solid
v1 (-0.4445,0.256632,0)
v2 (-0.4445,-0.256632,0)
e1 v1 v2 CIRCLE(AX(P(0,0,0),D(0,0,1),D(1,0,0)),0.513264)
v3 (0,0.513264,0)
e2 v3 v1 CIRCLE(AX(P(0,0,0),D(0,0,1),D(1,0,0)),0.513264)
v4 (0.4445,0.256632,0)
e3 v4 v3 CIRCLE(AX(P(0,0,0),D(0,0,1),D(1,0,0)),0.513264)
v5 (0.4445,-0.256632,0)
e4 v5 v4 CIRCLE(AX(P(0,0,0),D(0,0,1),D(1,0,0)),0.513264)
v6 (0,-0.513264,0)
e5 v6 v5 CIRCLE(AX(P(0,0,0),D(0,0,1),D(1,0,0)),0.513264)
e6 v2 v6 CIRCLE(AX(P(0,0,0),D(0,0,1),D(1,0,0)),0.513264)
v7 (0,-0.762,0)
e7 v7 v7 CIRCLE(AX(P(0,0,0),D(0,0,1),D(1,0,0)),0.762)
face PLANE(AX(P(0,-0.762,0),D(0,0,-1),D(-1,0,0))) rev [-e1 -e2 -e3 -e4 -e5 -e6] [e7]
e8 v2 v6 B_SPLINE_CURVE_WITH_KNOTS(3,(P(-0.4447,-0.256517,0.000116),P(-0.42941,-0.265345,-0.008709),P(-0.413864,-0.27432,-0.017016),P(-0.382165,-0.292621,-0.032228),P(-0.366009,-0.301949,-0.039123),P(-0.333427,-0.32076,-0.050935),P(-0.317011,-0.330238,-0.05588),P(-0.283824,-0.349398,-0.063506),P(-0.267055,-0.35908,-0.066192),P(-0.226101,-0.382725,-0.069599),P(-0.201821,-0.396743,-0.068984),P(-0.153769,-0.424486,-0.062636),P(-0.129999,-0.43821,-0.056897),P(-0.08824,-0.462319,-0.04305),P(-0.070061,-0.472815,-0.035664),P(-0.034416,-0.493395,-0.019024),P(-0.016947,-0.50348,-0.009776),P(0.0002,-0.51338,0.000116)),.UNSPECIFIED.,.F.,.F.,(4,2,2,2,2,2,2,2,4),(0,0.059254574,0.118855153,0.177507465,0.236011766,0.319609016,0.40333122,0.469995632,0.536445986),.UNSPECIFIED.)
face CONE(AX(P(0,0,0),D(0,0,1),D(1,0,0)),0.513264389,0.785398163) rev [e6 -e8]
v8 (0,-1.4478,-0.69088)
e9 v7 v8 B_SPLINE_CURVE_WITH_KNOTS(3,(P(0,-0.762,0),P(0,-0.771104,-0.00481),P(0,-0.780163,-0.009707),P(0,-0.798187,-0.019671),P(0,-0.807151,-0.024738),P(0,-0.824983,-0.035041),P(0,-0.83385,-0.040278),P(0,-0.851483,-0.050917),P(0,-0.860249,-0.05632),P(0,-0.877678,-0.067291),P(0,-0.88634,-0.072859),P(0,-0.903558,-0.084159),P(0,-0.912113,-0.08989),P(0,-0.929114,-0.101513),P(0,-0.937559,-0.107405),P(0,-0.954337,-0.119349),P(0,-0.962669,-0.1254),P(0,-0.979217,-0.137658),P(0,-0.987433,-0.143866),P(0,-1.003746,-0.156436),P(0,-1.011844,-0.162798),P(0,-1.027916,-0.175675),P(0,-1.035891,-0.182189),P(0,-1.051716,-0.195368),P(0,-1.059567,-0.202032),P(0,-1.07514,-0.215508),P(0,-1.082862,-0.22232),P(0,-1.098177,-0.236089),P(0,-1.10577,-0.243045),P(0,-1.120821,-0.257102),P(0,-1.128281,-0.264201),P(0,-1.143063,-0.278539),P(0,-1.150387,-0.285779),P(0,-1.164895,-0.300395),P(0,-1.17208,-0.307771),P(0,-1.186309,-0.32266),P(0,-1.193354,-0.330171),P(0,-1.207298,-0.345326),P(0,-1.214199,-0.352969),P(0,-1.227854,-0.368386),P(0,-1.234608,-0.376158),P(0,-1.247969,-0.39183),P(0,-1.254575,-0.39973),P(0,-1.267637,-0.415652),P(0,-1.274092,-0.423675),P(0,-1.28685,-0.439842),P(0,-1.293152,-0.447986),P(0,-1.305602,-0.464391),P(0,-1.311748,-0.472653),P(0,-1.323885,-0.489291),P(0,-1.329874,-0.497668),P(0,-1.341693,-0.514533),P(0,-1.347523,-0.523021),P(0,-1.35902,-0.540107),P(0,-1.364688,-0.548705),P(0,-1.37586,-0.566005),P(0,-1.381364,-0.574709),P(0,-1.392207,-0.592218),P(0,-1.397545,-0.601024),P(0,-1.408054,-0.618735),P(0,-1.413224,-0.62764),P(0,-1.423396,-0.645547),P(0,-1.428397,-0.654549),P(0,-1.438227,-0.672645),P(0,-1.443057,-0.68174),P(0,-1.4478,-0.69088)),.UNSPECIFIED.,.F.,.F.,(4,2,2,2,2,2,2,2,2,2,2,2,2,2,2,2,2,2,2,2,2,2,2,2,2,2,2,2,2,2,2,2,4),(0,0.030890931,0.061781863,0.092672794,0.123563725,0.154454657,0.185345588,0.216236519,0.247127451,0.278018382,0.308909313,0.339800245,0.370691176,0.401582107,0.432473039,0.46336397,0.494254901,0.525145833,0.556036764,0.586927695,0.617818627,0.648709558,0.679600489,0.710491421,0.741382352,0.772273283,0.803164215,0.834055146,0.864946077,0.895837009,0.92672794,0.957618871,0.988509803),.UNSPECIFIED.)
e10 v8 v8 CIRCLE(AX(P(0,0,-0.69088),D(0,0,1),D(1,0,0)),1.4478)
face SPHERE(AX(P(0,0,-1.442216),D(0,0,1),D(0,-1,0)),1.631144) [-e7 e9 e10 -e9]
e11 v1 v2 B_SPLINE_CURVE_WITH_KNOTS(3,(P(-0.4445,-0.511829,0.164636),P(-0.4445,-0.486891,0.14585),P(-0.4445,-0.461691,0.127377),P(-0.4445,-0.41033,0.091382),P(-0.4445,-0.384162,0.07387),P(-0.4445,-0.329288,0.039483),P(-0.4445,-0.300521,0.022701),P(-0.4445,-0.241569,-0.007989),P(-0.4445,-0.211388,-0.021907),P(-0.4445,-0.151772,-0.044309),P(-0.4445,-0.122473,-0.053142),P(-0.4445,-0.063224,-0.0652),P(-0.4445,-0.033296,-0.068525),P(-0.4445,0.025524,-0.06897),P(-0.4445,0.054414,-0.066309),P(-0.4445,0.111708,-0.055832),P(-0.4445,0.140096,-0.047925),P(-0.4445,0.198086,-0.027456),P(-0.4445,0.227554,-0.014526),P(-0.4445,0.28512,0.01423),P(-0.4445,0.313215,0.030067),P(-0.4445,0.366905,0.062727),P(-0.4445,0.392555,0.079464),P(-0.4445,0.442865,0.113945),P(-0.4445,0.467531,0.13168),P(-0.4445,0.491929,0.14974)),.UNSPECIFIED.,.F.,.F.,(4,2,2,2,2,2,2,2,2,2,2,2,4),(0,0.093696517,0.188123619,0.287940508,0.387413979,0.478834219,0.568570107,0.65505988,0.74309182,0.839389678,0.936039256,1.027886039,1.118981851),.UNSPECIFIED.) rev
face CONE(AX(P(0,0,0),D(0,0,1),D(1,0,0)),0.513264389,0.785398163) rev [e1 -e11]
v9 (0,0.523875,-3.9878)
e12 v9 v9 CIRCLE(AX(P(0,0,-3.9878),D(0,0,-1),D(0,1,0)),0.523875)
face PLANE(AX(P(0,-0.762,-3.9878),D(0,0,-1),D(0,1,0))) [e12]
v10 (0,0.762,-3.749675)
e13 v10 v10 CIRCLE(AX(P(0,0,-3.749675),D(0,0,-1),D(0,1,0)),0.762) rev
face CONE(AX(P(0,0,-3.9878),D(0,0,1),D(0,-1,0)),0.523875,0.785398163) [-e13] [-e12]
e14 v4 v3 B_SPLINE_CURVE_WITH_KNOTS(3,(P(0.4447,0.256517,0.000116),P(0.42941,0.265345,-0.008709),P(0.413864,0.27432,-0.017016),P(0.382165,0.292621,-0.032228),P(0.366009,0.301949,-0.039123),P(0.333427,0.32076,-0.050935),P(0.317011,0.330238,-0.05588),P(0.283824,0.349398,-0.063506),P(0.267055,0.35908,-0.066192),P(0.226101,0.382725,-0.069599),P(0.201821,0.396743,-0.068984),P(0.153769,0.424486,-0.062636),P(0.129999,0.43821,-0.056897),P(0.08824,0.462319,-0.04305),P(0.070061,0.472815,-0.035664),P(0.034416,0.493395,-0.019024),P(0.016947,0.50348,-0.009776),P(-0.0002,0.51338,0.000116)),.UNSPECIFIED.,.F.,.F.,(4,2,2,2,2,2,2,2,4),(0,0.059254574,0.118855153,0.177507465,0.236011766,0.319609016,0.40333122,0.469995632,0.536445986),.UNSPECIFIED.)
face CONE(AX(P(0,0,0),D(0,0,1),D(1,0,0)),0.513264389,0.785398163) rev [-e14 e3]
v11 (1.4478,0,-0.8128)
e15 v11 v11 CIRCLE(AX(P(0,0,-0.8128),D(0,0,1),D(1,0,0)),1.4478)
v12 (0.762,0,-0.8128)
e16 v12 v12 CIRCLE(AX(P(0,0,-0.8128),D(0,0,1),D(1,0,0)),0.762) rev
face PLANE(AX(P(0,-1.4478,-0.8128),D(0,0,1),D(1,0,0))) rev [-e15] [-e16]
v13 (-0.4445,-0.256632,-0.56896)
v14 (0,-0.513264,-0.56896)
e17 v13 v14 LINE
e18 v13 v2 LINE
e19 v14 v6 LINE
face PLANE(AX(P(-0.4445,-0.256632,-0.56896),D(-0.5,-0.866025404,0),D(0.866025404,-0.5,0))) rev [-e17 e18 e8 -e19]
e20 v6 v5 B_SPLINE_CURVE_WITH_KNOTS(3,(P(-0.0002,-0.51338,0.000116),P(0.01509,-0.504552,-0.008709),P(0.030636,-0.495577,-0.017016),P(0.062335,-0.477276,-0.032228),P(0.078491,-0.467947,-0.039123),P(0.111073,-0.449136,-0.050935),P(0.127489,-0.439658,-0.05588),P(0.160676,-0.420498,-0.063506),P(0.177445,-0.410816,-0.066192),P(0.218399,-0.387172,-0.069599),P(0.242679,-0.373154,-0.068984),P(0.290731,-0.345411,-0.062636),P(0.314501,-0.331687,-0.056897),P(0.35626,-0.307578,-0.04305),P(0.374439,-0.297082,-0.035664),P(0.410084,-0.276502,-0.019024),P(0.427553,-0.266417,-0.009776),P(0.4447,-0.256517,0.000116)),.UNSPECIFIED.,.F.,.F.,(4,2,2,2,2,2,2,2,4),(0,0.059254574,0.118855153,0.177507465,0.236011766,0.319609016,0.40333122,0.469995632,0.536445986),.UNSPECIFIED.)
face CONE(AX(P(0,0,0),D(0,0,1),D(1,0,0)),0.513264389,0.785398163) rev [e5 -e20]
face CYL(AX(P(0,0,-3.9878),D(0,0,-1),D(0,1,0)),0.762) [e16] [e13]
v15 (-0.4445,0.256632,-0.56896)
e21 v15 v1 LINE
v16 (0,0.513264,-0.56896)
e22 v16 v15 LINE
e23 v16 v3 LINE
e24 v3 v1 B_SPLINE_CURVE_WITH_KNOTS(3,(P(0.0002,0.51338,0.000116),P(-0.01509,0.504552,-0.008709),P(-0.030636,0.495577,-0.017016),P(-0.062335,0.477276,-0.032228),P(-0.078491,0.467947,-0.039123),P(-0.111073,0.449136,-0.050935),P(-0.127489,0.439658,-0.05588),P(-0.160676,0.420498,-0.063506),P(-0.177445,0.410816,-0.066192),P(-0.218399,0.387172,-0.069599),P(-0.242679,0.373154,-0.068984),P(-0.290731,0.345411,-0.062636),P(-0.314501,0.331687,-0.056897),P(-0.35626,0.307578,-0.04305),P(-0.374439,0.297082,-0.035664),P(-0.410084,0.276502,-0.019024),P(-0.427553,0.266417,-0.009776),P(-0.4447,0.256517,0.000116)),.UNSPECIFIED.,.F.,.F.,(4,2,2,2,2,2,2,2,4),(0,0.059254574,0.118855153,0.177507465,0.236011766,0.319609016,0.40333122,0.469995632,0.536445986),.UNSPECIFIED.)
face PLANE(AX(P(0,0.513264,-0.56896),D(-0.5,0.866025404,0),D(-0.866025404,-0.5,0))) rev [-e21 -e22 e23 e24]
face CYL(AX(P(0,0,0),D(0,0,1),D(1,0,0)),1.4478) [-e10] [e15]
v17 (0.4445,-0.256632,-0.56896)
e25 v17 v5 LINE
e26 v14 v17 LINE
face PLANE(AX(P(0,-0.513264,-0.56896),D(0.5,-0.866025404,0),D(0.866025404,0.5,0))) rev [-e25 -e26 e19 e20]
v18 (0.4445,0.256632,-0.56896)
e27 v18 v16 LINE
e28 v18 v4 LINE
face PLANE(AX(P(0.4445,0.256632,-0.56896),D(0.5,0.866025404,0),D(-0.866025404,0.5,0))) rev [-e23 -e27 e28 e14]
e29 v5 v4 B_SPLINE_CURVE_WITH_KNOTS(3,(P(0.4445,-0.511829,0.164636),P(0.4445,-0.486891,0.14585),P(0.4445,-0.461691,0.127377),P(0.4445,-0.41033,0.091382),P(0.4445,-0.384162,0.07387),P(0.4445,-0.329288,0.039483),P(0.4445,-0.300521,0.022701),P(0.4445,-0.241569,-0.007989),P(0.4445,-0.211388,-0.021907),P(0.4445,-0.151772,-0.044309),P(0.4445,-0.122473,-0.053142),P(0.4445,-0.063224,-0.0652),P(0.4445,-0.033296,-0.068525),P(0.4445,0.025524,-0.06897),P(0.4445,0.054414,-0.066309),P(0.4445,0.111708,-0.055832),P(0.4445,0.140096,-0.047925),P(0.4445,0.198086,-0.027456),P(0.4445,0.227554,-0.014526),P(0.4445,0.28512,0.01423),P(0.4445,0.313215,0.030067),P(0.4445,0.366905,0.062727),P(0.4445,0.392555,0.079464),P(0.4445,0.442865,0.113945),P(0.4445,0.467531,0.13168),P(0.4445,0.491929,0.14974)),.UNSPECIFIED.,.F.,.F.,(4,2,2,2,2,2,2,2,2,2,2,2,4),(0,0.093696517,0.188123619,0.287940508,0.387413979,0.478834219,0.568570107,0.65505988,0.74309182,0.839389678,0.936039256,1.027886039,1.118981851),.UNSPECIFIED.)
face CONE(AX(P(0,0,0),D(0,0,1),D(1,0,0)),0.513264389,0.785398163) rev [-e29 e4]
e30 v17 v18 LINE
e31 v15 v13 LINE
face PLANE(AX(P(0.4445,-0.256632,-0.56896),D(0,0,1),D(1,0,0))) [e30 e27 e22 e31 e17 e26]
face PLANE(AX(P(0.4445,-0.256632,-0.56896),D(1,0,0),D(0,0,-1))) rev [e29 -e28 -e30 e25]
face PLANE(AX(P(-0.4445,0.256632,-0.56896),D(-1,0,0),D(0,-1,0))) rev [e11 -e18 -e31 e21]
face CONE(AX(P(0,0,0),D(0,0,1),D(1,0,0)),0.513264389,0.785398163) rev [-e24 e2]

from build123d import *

# Parameters (mm, degrees)
SKETCH1_W          = 3.175
SKETCH1_H          = 0.762
CHAMFER1_SIZE      = 0.238125
CUT_EXTRUDE2_DEPTH = 0.56896


with BuildPart() as part:
    # Sketch1 → Revolve1 (revolve)
    with BuildSketch(Plane(origin=(0, 0, 0), x_dir=(0, 0, -1), z_dir=(1, 0, 0))):
        with Locations((2.4003, 0.381)):
            Rectangle(SKETCH1_W, SKETCH1_H)
    revolve(axis=Axis((0, 0, -3.9878), (0, 0, 1)))

    # Chamfer1
    chamfer1_edges = [part.edges().sort_by_distance(p)[0] for p in [
        (0, -0.762, -3.9878),
    ]]
    chamfer(chamfer1_edges, length=CHAMFER1_SIZE)

    # Sketch7 → Revolve2 (revolve)
    with BuildSketch(Plane(origin=(0, 0, 0), x_dir=(0, 0, -1), z_dir=(1, 0, 0))):
        with BuildLine():
            Line((0.69088, 1.4478), (0.8128, 1.4478))
            Line((0.8128, 1.4478), (0.8128, 0))
            Line((0.8128, 0), (0, 0))
            Line((0, 0), (0, 0.762))
            ThreePointArc((0, 0.762), (0.293086751, 1.157641051), (0.69088, 1.4478))
        make_face()
    revolve(axis=Axis((0, 0, 0), (0, 0, -1)))

    # Sketch5 → Cut-Extrude2 (cut)
    with BuildSketch(Plane.XY):
        Polygon((0.4445, -0.256632195), (0.4445, 0.256632195), (0, 0.513264389), (-0.4445, 0.256632195), (-0.4445, -0.256632195), (0, -0.513264389), align=None)
    extrude(amount=-CUT_EXTRUDE2_DEPTH, mode=Mode.SUBTRACT)

    # Cut-Extrude3 cone 1 section (through the dimple's axis) → Cut-Extrude3 (revolve, cut)
    with BuildSketch(Plane(origin=(0, 0, 0), x_dir=(0, -1, 0), z_dir=(1, 0, 0))):
        Polygon((0, 0), (0.513264389, 0), (0, 0.513264389), align=None)
    revolve(axis=Axis((0, 0, 0), (0, 0, -1)), mode=Mode.SUBTRACT)


solid = part.part
